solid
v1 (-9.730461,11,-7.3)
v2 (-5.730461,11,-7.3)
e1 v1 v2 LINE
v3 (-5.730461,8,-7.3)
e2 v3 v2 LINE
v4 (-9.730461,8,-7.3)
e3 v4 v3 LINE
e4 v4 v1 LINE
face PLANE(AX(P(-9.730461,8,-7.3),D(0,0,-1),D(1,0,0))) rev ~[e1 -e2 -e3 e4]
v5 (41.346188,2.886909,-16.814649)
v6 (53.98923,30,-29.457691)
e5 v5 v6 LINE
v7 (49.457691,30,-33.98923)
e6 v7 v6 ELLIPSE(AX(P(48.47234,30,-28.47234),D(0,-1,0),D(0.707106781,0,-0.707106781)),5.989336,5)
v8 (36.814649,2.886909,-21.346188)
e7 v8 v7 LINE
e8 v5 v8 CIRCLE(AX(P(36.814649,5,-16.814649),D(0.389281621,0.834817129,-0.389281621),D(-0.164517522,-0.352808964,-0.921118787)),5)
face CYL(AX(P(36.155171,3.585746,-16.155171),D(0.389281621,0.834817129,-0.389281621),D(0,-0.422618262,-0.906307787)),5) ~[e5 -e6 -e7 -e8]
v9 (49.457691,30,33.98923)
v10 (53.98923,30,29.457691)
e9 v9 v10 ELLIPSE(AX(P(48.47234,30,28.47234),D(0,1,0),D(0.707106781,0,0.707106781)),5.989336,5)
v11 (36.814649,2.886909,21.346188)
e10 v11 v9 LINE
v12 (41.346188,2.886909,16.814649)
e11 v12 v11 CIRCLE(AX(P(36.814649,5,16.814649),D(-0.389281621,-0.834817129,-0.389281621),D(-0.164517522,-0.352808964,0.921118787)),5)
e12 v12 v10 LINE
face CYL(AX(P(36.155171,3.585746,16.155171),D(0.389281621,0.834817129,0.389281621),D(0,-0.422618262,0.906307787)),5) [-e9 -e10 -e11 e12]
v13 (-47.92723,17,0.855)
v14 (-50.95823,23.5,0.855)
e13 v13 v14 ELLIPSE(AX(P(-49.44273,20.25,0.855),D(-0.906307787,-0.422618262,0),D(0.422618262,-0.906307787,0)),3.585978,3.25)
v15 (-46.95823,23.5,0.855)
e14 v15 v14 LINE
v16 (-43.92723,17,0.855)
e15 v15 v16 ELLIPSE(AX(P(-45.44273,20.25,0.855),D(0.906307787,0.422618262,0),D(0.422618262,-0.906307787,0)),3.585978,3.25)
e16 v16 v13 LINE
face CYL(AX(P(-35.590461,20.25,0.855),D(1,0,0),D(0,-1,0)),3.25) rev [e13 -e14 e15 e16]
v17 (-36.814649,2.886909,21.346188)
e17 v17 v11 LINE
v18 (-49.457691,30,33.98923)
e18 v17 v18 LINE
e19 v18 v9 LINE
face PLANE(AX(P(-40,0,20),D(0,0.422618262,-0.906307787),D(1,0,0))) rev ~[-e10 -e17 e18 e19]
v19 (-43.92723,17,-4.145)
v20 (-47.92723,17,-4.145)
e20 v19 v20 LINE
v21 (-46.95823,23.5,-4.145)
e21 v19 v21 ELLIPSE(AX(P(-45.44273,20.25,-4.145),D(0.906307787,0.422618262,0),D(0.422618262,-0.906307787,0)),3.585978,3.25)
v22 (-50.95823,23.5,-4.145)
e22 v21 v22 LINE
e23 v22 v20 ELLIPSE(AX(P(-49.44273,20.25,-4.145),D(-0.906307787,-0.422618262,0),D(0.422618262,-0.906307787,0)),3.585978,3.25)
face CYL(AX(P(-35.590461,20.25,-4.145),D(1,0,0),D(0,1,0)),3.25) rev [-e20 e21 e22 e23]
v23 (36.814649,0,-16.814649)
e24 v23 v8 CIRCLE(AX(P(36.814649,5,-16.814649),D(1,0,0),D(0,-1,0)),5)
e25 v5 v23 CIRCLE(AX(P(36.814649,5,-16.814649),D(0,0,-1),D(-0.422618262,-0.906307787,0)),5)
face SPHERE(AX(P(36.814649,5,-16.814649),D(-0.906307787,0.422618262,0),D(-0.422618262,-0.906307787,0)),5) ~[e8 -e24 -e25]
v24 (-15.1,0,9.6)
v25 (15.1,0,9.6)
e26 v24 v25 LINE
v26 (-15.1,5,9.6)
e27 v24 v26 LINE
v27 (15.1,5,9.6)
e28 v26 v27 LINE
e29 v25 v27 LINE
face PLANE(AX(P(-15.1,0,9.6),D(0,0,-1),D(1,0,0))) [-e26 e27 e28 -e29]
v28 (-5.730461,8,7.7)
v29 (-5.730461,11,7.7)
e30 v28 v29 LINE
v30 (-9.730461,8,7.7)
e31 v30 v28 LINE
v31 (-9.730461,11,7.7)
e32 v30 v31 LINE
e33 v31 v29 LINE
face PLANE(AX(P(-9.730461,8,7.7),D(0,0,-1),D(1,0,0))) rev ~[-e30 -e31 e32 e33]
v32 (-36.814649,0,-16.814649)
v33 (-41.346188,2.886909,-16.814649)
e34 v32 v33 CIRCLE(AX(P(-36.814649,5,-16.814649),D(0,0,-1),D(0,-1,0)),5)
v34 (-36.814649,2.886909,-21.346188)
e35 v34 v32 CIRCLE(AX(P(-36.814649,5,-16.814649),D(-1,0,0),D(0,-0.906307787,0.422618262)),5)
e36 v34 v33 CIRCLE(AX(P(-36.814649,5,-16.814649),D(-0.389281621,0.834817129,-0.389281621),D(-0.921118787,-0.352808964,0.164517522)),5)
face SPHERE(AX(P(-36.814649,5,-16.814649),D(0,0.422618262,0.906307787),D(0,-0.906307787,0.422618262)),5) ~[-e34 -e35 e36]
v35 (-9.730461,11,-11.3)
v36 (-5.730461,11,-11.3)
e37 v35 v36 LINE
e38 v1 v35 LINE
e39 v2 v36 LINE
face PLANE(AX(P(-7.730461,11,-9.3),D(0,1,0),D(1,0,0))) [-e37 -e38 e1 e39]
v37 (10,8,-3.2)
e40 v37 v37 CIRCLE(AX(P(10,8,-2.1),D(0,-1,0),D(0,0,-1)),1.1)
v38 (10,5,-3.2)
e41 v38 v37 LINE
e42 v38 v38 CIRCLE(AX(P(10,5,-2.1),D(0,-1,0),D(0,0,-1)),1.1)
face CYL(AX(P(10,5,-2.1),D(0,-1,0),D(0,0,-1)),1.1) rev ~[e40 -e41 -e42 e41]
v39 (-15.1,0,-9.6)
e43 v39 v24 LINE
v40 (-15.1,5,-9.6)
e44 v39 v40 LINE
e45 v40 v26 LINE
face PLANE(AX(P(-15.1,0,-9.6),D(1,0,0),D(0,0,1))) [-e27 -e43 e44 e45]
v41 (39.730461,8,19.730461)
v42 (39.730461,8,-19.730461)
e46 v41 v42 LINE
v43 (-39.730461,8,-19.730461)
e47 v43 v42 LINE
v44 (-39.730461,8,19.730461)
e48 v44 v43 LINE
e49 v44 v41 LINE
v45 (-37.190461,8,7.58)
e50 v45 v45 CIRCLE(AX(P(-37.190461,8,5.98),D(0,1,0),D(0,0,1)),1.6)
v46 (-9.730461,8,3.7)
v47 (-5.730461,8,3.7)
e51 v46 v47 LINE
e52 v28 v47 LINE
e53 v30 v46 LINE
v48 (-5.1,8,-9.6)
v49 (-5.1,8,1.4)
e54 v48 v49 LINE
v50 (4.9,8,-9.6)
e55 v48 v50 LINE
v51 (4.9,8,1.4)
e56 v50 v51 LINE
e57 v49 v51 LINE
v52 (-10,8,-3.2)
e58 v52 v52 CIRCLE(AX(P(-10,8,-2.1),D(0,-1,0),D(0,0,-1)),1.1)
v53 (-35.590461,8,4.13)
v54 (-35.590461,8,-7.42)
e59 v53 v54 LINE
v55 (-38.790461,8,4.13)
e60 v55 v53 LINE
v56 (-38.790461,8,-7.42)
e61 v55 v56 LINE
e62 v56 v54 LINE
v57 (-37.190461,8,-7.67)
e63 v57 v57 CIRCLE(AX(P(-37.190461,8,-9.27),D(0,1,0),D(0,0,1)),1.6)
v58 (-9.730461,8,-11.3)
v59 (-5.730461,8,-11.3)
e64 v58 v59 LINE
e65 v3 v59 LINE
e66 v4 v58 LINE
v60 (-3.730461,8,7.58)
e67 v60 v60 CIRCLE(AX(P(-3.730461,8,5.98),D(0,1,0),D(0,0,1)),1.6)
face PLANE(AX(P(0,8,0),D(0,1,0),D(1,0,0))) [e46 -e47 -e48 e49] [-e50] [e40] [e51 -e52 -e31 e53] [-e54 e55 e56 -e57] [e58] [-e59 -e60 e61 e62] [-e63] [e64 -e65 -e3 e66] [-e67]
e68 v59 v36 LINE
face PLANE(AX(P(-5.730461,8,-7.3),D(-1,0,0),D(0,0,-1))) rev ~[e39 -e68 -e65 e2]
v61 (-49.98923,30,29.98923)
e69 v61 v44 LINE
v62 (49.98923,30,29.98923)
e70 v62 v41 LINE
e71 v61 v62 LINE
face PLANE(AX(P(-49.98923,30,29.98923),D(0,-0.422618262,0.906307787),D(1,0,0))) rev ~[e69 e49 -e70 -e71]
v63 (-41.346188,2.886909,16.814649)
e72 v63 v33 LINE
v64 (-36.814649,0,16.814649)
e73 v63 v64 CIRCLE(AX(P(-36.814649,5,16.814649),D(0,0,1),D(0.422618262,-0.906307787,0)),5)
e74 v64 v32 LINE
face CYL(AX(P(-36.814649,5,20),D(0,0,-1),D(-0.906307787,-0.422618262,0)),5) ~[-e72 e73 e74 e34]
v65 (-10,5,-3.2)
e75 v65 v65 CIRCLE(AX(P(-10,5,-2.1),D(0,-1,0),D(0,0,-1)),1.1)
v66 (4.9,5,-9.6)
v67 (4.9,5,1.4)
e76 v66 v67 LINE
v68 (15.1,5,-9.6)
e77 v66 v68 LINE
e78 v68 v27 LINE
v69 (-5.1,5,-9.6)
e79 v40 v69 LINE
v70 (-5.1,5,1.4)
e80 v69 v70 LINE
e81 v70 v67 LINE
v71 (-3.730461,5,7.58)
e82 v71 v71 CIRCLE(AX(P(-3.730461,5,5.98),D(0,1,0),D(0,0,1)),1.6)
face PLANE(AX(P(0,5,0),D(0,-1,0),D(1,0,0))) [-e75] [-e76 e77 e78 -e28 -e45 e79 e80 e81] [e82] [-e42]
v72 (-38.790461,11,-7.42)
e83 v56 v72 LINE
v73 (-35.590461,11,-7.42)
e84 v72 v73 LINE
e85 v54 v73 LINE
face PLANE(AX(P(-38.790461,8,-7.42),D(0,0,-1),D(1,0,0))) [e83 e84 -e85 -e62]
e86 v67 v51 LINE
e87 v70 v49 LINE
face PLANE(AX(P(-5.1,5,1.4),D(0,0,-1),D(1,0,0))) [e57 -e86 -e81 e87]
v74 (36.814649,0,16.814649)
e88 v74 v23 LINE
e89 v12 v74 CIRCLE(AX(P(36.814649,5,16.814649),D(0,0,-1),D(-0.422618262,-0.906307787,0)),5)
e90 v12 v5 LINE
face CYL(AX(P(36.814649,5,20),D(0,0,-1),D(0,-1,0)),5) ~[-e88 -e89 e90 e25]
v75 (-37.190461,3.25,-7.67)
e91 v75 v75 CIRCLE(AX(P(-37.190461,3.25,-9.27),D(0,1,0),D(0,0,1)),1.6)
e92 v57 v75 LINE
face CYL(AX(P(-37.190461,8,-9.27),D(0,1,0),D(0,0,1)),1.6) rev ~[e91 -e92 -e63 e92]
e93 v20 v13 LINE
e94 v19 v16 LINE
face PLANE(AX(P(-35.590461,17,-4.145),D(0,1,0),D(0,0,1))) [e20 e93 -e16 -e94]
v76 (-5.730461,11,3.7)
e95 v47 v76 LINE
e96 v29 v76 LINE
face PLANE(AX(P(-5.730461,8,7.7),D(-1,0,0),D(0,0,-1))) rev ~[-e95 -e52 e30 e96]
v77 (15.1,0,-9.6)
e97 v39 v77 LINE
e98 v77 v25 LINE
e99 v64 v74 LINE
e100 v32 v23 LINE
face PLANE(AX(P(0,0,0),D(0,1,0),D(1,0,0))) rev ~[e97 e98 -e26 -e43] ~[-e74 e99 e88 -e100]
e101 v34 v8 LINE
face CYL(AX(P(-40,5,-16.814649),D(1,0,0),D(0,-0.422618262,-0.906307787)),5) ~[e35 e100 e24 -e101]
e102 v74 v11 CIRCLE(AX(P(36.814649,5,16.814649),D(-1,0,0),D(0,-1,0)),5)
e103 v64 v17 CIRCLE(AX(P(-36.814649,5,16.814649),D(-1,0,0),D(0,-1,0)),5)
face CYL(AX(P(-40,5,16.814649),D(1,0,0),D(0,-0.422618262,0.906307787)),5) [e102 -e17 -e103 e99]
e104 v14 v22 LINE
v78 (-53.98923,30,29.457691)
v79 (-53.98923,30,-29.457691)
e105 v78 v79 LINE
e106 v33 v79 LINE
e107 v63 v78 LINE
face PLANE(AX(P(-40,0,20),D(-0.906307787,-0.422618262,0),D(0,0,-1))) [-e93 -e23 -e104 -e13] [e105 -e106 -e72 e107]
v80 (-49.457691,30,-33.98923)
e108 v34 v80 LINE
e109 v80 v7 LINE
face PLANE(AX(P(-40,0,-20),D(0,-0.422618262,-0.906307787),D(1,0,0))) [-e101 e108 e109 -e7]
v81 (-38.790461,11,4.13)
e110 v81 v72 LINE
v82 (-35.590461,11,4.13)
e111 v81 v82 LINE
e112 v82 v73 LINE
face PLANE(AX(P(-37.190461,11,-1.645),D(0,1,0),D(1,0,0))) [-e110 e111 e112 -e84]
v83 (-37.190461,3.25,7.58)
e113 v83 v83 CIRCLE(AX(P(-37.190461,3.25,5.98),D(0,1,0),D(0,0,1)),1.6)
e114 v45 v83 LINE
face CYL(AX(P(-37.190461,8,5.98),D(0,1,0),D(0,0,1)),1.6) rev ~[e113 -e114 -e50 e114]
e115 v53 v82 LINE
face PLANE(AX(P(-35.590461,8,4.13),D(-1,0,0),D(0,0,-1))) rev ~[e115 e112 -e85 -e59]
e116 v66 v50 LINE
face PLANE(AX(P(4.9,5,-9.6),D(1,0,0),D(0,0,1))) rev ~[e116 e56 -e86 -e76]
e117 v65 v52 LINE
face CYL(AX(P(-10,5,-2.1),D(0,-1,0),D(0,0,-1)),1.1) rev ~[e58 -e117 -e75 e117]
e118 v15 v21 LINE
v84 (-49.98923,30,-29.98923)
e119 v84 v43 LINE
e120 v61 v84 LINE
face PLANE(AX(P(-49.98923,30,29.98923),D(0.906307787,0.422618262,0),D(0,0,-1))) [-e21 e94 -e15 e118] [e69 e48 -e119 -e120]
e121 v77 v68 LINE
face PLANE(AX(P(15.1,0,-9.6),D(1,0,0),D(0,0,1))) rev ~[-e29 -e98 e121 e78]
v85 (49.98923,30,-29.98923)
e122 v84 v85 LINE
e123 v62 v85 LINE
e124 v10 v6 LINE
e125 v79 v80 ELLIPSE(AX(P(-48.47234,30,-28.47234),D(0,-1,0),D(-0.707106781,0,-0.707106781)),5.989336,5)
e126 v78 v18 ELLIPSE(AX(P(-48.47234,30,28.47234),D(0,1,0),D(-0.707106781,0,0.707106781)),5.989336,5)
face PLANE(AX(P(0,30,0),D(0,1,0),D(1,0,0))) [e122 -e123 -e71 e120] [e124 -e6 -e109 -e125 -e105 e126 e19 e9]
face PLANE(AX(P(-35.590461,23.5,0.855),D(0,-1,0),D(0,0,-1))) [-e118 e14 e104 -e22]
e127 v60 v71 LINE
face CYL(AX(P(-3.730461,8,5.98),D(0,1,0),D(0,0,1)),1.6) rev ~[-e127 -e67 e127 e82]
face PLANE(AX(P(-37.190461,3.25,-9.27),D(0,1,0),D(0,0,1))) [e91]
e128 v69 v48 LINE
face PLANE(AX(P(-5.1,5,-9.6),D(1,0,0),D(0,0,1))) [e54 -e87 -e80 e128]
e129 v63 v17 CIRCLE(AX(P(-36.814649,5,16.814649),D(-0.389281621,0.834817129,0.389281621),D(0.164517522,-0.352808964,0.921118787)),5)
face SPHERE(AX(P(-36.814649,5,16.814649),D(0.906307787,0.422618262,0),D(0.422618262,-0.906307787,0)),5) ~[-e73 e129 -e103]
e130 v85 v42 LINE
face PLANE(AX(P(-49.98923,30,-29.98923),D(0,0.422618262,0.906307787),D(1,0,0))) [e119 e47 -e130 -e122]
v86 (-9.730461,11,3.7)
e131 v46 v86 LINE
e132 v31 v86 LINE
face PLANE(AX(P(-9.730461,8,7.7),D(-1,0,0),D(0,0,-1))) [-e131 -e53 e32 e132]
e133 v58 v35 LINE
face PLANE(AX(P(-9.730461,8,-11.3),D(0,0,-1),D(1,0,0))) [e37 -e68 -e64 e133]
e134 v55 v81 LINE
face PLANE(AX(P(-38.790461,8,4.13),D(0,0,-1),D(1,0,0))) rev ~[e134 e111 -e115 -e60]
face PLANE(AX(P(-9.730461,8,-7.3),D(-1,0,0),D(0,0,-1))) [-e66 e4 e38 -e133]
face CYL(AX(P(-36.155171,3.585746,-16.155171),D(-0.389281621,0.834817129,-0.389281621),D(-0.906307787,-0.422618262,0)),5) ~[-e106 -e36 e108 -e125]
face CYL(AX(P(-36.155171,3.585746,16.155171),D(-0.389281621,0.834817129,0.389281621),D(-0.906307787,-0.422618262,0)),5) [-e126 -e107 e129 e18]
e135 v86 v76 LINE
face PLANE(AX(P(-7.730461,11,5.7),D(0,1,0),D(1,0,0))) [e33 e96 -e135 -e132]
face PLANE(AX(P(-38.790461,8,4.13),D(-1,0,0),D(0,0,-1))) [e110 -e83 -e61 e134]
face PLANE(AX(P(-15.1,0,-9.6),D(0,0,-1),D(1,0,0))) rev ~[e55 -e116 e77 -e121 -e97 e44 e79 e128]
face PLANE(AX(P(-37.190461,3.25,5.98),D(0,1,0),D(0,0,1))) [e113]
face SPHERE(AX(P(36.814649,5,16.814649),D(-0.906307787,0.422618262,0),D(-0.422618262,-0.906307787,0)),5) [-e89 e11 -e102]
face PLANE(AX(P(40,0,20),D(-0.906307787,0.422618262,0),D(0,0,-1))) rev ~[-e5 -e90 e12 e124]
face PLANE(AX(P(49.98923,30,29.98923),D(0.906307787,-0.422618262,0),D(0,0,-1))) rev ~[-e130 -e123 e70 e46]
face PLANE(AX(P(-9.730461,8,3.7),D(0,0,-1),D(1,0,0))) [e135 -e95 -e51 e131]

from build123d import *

# Parameters (mm, degrees)
SKETCH1_W                = 80
SKETCH1_H                = 40
BOSS_EXTRUDE1_DEPTH      = 30
BOSS_EXTRUDE1_DRAFT      = -25
SKETCH2_W                = 30.2
SKETCH2_H                = 19.2
CUT_EXTRUDE1_DEPTH       = 5
SKETCH3_W                = 99.97845949
SKETCH3_H                = 59.97845949
CUT_EXTRUDE3_DEPTH       = 22
CUT_EXTRUDE3_DRAFT       = -25
CUT_EXTRUDE4_REACH       = 70.521
SKETCH5_R                = 1.1
SKETCH5_W                = 10
SKETCH5_H                = 11
SKETCH6_R                = 1.6
PCB_HEATSETINSERTS_DEPTH = 4.75
SKETCH7_W                = 4
SKETCH7_H                = 4
SKETCH7_W_2              = 3.2
SKETCH7_H_2              = 11.55
BOSS_EXTRUDE3_DEPTH      = 3
FILLET1_R                = 5
USB_C_CUTOUT_REACH       = 102.398


with BuildPart() as part:
    # Sketch1 → Boss-Extrude1 (with draft: the straight prism first)
    with BuildSketch(Plane(origin=(0, 0, 0), x_dir=(1, 0, 0), z_dir=(0, 1, 0))):
        Rectangle(SKETCH1_W, SKETCH1_H)
    extrude(amount=BOSS_EXTRUDE1_DEPTH)
    # Boss-Extrude1: the draft: its side faces are tilted about the plane it starts from
    boss_extrude1_sides = [part.faces().sort_by_distance(p)[0] for p in [
        (-40, 15, 0),
        (0, 15, 20),
        (40, 15, 0),
        (0, 15, -20),
    ]]
    draft(boss_extrude1_sides, Plane(origin=(0, 0, 0), x_dir=(1, 0, 0), z_dir=(0, 1, 0)), BOSS_EXTRUDE1_DRAFT)

    # Sketch2 → Cut-Extrude1 (cut)
    with BuildSketch(Plane.XZ):
        Rectangle(SKETCH2_W, SKETCH2_H)
    extrude(amount=-CUT_EXTRUDE1_DEPTH, mode=Mode.SUBTRACT)


with BuildPart() as cut_extrude3_tool:
    # Sketch3 → Cut-Extrude3 (with draft: the straight prism first)
    with BuildSketch(Plane(origin=(0, 30, 0), x_dir=(1, 0, 0), z_dir=(0, 1, 0))):
        Rectangle(SKETCH3_W, SKETCH3_H)
    extrude(amount=-CUT_EXTRUDE3_DEPTH)
    # Cut-Extrude3: the draft: its side faces are tilted about the plane it starts from
    cut_extrude3_sides = [cut_extrude3_tool.faces().sort_by_distance(p)[0] for p in [
        (-49.989229745, 19, 0),
        (0, 19, 29.989229745),
        (49.989229745, 19, 0),
        (0, 19, -29.989229745),
    ]]
    draft(cut_extrude3_sides, Plane(origin=(0, 30, 0), x_dir=(1, 0, 0), z_dir=(0, 1, 0)), CUT_EXTRUDE3_DRAFT)


with BuildPart() as part_1:
    add(part.part)

    # Cut-Extrude3: cut by cut_extrude3_tool
    add(cut_extrude3_tool.part, mode=Mode.SUBTRACT)

    # Sketch5 → Cut-Extrude4 (cut, up to next)
    with BuildSketch(Plane.XZ.offset(-5), mode=Mode.PRIVATE) as cut_extrude4_sk1:
        with Locations(Location((-10, -2.1, 0), (0, 0, 270))):
            Circle(SKETCH5_R)
    cut_extrude4_tool1 = extrude(cut_extrude4_sk1.sketch, amount=-CUT_EXTRUDE4_REACH, mode=Mode.PRIVATE) & part_1.part
    # Sketch5 → Cut-Extrude4 (cut, up to next)
    with BuildSketch(Plane.XZ.offset(-5), mode=Mode.PRIVATE) as cut_extrude4_sk2:
        with Locations(Location((10, -2.1, 0), (0, 0, 270))):
            Circle(SKETCH5_R)
    cut_extrude4_tool2 = extrude(cut_extrude4_sk2.sketch, amount=-CUT_EXTRUDE4_REACH, mode=Mode.PRIVATE) & part_1.part
    # Sketch5 → Cut-Extrude4 (cut, up to next)
    with BuildSketch(Plane.XZ.offset(-5), mode=Mode.PRIVATE) as cut_extrude4_sk3:
        with Locations((-0.1, -4.1)):
            Rectangle(SKETCH5_W, SKETCH5_H)
    cut_extrude4_tool3 = extrude(cut_extrude4_sk3.sketch, amount=-CUT_EXTRUDE4_REACH, mode=Mode.PRIVATE) & part_1.part
    add(cut_extrude4_tool1.solids().sort_by_distance((-10, 5, -2.1))[0], mode=Mode.SUBTRACT)
    add(cut_extrude4_tool2.solids().sort_by_distance((10, 5, -2.1))[0], mode=Mode.SUBTRACT)
    add(cut_extrude4_tool3.solids().sort_by_distance((-0.1, 5, -4.1))[0], mode=Mode.SUBTRACT)

    # Sketch6 → PCB_HeatSetInserts (cut)
    with BuildSketch(Plane(origin=(0, 8, 0), x_dir=(1, 0, 0), z_dir=(0, 1, 0))):
        with Locations(Location((-37.190461265, -5.98, 0), (0, 0, 270))):
            Circle(SKETCH6_R)
        with Locations(Location((-37.190461265, 9.27, 0), (0, 0, 270))):
            Circle(SKETCH6_R)
        with Locations(Location((-3.730461265, -5.98, 0), (0, 0, 270))):
            Circle(SKETCH6_R)
    extrude(amount=-PCB_HEATSETINSERTS_DEPTH, mode=Mode.SUBTRACT)

    # Sketch7 → Boss-Extrude3 (add)
    with BuildSketch(Plane(origin=(0, 8, 0), x_dir=(1, 0, 0), z_dir=(0, 1, 0))):
        with Locations((-7.730461265, -5.7)):
            Rectangle(SKETCH7_W, SKETCH7_H)
        with Locations((-37.190461265, 1.645)):
            Rectangle(SKETCH7_W_2, SKETCH7_H_2)
        with Locations((-7.730461265, 9.3)):
            Rectangle(SKETCH7_W, SKETCH7_H)
    extrude(amount=BOSS_EXTRUDE3_DEPTH)

    # Fillet1
    fillet1_edges = [part_1.edges().sort_by_distance(p)[0] for p in [
        (0, 0, 20),
        (-40, 0, 0),
        (0, 0, -20),
        (40, 0, 0),
        (46.994614872, 15, 26.994614872),
        (-46.994614872, 15, 26.994614872),
        (-46.994614872, 15, -26.994614872),
        (46.994614872, 15, -26.994614872),
    ]]
    fillet(fillet1_edges, radius=FILLET1_R)

    # USB-C Cutout: up to this plane
    usb_c_cutout_end = Plane(origin=(-40, 0, -20), z_dir=(-0.9063077870366496, -0.4226182617407003, 0))
    # Sketch10 → USB-C Cutout (cut, up to the surface)
    with BuildSketch(Plane(origin=(-35.590461265, 0, 0), x_dir=(0, 0, -1), z_dir=(1, 0, 0)), mode=Mode.PRIVATE) as usb_c_cutout_sk1:
        with BuildLine():
            Line((-0.855, 23.5), (4.145, 23.5))
            ThreePointArc((4.145, 23.5), (7.395, 20.25), (4.145, 17))
            Line((4.145, 17), (-0.855, 17))
            ThreePointArc((-0.855, 17), (-4.105, 20.25), (-0.855, 23.5))
        make_face()
    usb_c_cutout_tool1 = split(extrude(usb_c_cutout_sk1.sketch, amount=-USB_C_CUTOUT_REACH, mode=Mode.PRIVATE), bisect_by=usb_c_cutout_end, keep=Keep.BOTH, mode=Mode.PRIVATE)
    add(usb_c_cutout_tool1.solids().sort_by_distance((-35.590461, 20.25, -1.645))[0], mode=Mode.SUBTRACT)


solid = part_1.part
